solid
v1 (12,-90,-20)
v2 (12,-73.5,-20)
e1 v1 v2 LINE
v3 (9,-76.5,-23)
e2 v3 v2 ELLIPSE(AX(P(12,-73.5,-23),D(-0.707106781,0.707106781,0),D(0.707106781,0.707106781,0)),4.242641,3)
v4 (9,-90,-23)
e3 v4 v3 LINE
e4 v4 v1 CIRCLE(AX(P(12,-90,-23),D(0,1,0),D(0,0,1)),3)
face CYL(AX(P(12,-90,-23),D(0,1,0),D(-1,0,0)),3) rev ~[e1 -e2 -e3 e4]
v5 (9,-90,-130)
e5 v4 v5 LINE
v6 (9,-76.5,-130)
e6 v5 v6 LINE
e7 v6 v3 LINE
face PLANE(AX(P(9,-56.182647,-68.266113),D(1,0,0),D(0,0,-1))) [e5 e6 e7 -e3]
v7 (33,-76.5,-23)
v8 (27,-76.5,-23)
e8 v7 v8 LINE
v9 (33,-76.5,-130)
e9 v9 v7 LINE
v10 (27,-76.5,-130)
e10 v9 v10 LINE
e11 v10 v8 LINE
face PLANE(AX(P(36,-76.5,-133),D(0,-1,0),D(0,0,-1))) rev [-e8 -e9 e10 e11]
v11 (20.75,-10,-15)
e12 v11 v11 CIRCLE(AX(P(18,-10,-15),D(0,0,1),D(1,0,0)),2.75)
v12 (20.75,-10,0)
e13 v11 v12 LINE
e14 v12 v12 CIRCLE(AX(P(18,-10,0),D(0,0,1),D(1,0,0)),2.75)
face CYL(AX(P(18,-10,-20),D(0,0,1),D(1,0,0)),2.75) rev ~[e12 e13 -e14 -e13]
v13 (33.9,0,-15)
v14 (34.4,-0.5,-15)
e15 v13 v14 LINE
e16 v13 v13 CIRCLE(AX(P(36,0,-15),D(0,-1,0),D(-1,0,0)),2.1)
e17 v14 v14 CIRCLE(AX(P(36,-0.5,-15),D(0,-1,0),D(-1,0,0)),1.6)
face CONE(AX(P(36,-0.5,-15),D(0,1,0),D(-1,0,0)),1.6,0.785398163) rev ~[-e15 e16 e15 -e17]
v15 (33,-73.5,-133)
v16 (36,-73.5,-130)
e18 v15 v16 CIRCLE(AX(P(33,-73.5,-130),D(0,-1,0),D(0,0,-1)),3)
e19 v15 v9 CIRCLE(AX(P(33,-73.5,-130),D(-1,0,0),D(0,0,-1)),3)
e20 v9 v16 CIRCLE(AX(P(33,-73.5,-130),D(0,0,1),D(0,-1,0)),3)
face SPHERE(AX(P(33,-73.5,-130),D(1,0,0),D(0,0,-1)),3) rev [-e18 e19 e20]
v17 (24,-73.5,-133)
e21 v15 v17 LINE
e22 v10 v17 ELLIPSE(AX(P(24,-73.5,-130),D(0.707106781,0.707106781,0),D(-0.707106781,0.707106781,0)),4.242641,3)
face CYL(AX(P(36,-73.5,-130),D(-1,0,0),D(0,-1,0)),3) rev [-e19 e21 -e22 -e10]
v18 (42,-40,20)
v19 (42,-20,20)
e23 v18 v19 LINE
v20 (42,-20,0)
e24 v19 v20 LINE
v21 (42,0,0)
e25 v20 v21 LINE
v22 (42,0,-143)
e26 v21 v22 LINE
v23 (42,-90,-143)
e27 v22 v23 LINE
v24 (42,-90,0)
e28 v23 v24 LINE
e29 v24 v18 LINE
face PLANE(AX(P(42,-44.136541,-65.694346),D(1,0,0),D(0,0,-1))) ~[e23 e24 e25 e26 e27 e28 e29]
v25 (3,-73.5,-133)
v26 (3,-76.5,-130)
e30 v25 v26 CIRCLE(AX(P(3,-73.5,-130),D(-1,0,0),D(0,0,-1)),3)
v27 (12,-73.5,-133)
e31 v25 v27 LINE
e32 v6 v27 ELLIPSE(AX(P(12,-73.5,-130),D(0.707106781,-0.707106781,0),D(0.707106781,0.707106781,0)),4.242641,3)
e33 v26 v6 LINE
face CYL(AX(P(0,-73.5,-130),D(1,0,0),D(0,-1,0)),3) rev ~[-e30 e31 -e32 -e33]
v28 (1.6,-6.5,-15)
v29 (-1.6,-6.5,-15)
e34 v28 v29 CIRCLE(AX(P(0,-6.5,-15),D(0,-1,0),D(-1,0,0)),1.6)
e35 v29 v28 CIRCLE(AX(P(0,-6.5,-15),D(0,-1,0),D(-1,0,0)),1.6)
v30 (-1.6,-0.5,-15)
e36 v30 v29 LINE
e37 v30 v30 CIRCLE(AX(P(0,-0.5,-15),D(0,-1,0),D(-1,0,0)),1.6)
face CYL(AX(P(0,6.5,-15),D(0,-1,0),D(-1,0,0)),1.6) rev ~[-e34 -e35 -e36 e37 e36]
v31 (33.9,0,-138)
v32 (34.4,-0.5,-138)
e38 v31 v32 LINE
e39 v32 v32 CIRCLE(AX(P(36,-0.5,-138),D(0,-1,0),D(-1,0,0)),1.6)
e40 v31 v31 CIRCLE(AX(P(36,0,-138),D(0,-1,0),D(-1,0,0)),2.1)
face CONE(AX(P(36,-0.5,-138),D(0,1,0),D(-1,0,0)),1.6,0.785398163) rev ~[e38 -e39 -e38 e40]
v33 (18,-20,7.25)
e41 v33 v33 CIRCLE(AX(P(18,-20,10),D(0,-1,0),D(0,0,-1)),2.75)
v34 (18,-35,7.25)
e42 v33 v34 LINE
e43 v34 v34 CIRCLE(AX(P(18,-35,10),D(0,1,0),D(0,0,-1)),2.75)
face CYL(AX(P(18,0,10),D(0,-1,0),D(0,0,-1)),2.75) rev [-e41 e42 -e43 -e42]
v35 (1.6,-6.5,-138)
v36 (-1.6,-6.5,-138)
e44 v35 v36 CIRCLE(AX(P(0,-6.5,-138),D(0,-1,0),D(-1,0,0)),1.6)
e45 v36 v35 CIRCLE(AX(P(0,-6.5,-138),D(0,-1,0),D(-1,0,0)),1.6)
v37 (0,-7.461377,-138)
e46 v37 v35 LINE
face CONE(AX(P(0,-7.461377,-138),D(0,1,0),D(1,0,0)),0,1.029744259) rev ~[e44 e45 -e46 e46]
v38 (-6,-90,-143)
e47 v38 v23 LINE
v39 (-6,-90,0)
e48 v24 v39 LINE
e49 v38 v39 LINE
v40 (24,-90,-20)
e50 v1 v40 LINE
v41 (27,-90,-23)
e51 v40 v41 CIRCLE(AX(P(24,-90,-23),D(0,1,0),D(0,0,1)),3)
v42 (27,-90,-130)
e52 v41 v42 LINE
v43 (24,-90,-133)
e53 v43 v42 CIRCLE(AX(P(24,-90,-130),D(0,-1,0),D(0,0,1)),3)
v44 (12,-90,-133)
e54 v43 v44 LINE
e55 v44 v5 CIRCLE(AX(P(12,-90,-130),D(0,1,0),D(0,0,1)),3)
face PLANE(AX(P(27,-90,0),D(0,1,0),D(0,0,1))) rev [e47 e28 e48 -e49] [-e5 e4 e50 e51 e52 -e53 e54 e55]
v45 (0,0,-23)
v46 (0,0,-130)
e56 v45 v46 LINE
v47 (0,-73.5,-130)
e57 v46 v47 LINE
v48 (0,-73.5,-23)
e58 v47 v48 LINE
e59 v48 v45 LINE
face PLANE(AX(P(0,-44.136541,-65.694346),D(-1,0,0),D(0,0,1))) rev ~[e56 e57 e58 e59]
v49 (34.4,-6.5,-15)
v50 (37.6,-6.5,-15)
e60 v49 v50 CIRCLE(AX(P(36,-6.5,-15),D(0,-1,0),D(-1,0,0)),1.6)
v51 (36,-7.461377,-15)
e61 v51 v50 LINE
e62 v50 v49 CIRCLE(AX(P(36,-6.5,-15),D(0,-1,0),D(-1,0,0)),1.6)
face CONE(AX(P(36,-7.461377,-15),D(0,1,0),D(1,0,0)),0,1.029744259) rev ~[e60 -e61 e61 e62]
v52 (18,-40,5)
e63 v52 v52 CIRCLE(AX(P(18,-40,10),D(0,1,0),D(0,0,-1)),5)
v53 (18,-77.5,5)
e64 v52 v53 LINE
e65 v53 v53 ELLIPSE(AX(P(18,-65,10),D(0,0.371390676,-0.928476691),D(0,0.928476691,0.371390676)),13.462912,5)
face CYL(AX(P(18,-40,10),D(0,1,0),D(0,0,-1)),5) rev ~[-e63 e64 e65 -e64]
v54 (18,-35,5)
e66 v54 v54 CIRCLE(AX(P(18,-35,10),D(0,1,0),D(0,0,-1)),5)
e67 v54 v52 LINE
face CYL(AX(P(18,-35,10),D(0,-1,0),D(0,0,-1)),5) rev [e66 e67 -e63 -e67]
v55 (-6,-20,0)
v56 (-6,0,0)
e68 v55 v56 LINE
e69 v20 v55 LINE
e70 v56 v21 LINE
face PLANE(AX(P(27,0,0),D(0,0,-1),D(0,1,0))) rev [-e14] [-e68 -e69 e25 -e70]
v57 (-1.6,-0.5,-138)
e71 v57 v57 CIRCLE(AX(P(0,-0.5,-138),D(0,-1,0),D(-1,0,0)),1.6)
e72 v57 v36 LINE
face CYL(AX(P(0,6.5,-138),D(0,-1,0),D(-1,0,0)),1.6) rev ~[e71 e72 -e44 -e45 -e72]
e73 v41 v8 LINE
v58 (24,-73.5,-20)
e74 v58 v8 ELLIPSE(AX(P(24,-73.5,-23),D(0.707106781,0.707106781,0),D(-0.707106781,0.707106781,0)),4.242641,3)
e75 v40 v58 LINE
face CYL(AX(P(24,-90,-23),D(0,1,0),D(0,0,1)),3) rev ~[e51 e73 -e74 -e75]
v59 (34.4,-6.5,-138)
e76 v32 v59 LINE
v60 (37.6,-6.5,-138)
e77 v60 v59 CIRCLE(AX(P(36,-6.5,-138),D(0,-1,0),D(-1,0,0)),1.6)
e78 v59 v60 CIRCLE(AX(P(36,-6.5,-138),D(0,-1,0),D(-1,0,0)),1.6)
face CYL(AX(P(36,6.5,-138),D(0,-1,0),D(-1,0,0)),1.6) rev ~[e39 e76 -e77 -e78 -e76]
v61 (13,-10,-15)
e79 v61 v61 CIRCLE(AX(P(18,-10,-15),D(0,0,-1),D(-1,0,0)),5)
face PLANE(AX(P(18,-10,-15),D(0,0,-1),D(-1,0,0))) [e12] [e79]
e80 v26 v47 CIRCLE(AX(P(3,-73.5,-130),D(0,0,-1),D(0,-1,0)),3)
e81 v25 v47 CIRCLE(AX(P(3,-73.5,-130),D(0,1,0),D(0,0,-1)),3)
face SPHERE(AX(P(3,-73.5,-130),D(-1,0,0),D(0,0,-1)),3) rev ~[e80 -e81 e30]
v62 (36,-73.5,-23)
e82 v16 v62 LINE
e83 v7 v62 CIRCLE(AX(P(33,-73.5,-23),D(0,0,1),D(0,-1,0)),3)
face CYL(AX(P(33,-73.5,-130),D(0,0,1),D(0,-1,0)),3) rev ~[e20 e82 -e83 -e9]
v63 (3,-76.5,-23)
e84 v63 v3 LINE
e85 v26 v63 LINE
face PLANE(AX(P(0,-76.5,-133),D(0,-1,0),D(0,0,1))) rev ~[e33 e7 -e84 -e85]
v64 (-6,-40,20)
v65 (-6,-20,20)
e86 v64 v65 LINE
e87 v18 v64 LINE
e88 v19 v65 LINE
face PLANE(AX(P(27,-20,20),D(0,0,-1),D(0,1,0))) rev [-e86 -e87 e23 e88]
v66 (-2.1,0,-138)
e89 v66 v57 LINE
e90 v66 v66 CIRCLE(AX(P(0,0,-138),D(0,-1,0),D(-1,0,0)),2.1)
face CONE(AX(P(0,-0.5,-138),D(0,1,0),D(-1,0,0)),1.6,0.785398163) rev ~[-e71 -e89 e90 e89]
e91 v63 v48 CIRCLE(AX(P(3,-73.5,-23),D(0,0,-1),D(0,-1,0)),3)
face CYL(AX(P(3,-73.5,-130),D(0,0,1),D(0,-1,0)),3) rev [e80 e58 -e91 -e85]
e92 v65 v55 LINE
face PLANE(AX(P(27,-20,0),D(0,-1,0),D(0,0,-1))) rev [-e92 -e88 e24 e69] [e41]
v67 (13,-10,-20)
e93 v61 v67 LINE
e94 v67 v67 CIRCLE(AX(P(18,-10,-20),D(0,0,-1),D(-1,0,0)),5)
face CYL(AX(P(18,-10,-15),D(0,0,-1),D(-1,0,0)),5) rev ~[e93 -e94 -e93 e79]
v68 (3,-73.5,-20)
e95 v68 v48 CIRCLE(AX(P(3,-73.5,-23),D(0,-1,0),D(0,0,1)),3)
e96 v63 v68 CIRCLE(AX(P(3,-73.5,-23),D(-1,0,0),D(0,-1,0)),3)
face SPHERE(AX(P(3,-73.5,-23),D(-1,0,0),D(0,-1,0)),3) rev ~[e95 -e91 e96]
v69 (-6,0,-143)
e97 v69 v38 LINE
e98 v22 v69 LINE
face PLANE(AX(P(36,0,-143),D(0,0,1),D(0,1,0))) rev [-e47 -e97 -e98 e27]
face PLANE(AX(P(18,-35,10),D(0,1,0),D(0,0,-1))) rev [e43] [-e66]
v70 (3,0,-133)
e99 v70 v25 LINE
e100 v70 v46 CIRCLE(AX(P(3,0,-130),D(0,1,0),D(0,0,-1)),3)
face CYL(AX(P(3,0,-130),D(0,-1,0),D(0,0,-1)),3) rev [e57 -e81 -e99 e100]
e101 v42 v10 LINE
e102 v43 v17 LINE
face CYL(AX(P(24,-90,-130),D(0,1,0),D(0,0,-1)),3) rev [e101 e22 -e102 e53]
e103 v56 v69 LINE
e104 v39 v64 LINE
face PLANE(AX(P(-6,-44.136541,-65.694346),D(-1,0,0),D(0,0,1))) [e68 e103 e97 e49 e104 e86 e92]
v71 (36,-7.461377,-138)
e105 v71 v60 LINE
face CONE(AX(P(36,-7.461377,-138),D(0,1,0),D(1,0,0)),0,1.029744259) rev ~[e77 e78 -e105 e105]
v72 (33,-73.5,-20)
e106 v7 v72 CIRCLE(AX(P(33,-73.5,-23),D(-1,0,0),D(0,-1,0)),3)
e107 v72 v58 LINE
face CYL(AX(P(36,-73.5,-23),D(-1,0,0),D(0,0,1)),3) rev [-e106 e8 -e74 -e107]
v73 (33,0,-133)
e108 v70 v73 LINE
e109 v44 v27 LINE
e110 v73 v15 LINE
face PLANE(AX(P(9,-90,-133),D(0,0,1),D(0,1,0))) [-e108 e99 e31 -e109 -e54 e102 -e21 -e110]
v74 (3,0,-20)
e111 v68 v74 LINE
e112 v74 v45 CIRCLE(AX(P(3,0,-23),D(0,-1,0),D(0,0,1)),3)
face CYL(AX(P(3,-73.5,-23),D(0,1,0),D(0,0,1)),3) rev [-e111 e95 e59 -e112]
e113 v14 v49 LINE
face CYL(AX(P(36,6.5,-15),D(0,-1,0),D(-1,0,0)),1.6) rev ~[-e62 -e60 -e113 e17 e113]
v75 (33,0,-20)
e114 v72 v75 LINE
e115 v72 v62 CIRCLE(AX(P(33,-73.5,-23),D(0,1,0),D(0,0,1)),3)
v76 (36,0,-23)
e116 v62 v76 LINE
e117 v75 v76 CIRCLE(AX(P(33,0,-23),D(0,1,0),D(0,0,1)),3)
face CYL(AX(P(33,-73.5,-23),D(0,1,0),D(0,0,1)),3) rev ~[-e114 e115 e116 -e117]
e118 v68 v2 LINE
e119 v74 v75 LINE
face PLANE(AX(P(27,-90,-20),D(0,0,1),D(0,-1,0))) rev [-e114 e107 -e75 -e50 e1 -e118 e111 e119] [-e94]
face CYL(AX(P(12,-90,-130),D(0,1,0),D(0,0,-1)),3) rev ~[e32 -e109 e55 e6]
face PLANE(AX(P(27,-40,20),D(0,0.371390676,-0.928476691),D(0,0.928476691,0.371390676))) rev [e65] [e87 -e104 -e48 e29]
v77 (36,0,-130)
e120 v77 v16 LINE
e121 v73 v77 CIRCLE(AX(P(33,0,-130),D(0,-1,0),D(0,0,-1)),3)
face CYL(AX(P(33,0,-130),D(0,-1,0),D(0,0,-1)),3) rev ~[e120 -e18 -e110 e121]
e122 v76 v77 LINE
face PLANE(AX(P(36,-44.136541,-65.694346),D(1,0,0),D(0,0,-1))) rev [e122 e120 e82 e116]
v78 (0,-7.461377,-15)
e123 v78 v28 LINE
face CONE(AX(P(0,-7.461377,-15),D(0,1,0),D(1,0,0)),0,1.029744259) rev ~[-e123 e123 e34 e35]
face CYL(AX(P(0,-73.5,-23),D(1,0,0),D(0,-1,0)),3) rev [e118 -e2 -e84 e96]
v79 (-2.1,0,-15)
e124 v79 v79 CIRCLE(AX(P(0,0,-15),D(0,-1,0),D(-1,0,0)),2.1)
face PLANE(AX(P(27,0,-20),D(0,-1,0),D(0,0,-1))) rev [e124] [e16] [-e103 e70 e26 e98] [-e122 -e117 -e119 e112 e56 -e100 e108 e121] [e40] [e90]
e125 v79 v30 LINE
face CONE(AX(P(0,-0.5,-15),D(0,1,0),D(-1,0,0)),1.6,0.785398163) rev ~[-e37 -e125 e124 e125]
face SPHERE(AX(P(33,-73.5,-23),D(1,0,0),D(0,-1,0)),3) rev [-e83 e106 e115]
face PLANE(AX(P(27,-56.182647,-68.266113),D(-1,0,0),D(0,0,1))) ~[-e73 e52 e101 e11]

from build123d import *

# Parameters (mm, degrees)
BOSS_EXTRUDE1_DEPTH            = 9
BOSS_EXTRUDE2_DEPTH            = 6
SKETCH3_W                      = 10
SKETCH3_H                      = 90
BOSS_EXTRUDE3_DEPTH            = 9
FILLET1_R                      = 3
FILLET1_OF_MIRROR4_R           = 3
FILLET2_R                      = 3
F_2_5MM_DOWEL_HOLE1_D          = 3.2
F_2_5MM_DOWEL_HOLE1_DEPTH      = 6.5
F_2_5MM_DOWEL_HOLE1_TIP        = 0.96137699
CHAMFER1_SIZE                  = 0.5
SKETCH8_R                      = 5
CUT_EXTRUDE1_DEPTH             = 158.203689524
CBORE_FOR_M5_SHCS2_D           = 5.5
CBORE_FOR_M5_SHCS2_DEPTH       = 40
CBORE_FOR_M5_SHCS2_CBORE_D     = 10
CBORE_FOR_M5_SHCS2_CBORE_DEPTH = 5


with BuildPart() as part:
    # Sketch1 → Boss-Extrude1 (new body)
    with BuildSketch(Plane(origin=(0, 0, 0), x_dir=(0, 0, -1), z_dir=(1, 0, 0))):
        Polygon((0, 0), (0, -20), (-20, -20), (-20, -40), (0, -90), (143, -90), (143, 0), (133, 0), (133, -76.5), (20, -76.5), (20, 0), align=None)
    boss_extrude1 = extrude(amount=BOSS_EXTRUDE1_DEPTH)

    # Sketch2 → Boss-Extrude2 (add)
    with BuildSketch(Plane.ZY):
        Polygon((0, 0), (-143, 0), (-143, -90), (0, -90), (20, -40), (20, -20), (0, -20), align=None)
    boss_extrude2 = extrude(amount=BOSS_EXTRUDE2_DEPTH)

    # Sketch3 → Boss-Extrude3 (add)
    with BuildSketch(Plane(origin=(9, 0, 0), x_dir=(0, 0, -1), z_dir=(1, 0, 0))):
        Polygon((0, -90), (20, -90), (20, 0), (0, 0), (0, -20), (-20, -20), (-20, -40), align=None)
        with Locations((138, -45)):
            Rectangle(SKETCH3_W, SKETCH3_H)
    boss_extrude3 = extrude(amount=BOSS_EXTRUDE3_DEPTH)

    # Fillet1
    fillet1_edges = [part.edges().sort_by_distance(p)[0] for p in [
        (4.5, -76.5, -20),
        (4.5, -76.5, -133),
        (9, -83.25, -133),
        (9, -83.25, -20),
    ]]
    fillet(fillet1_edges, radius=FILLET1_R)

    # Mirror4: Boss-Extrude1, Boss-Extrude2, Boss-Extrude3 across plane
    add(boss_extrude1.mirror(Plane(origin=(18, 0, 0), x_dir=(0, 0, 1), z_dir=(1, 0, 0))))
    add(boss_extrude2.mirror(Plane(origin=(18, 0, 0), x_dir=(0, 0, 1), z_dir=(1, 0, 0))))
    add(boss_extrude3.mirror(Plane(origin=(18, 0, 0), x_dir=(0, 0, 1), z_dir=(1, 0, 0))))

    # Fillet1 of Mirror4
    fillet1_of_mirror4_edges = [part.edges().sort_by_distance(p)[0] for p in [
        (31.5, -76.5, -20),
        (31.5, -76.5, -133),
        (27, -83.25, -133),
        (27, -83.25, -20),
    ]]
    fillet(fillet1_of_mirror4_edges, radius=FILLET1_OF_MIRROR4_R)

    # Fillet2
    fillet2_edges = [part.edges().sort_by_distance(p)[0] for p in [
        (36, -76.5, -76.5),
        (36, -36.75, -20),
        (36, -36.75, -133),
        (36, -75.621320344, -20.878679656),
        (36, -75.621320344, -132.121320344),
        (0, -36.75, -133),
        (0, -36.75, -20),
        (0, -76.5, -76.5),
        (0, -75.621320344, -20.878679656),
        (0, -75.621320344, -132.121320344),
    ]]
    fillet(fillet2_edges, radius=FILLET2_R)

    # Ø2.5mm Dowel Hole1
    with Locations(Plane(origin=(0, 0, 0), x_dir=(1, 0, 0), z_dir=(0, 1, 0))):
        with Locations((36, 138), (0, 138), (0, 15), (36, 15)):
            Hole(F_2_5MM_DOWEL_HOLE1_D / 2, depth=F_2_5MM_DOWEL_HOLE1_DEPTH)
            with Locations((0, 0, -(F_2_5MM_DOWEL_HOLE1_DEPTH + F_2_5MM_DOWEL_HOLE1_TIP / 2))):  # 118° drill point
                Cone(0, F_2_5MM_DOWEL_HOLE1_D / 2, F_2_5MM_DOWEL_HOLE1_TIP, mode=Mode.SUBTRACT)

    # Chamfer1
    chamfer1_edges = [part.edges().sort_by_distance(p)[0] for p in [
        (37.6, 0, -138),
        (37.6, 0, -15),
        (1.6, 0, -15),
        (1.6, 0, -138),
    ]]
    chamfer(chamfer1_edges, length=CHAMFER1_SIZE)

    # Sketch7 → CBORE for M5 SHCS1 (revolve, cut)
    with BuildSketch(Plane(origin=(18, -40, 10), x_dir=(0, 0, -1), z_dir=(1, 0, 0))):
        Polygon((0, 0), (0, 40), (2.75, 40), (2.75, 5), (5, 5), (5, 0), align=None)
    revolve(axis=Axis((18, -46.35, 10), (0, 1, 0)), mode=Mode.SUBTRACT)

    # Sketch8 → Cut-Extrude1 (cut, through all)
    with BuildSketch(Plane(origin=(0, -40, 0), x_dir=(1, 0, 0), z_dir=(0, 1, 0))):
        with Locations(Location((18, -10, 0), (0, 0, 90))):
            Circle(SKETCH8_R)
    extrude(amount=-CUT_EXTRUDE1_DEPTH, mode=Mode.SUBTRACT)

    # CBORE for M5 SHCS2
    with Locations(Plane(origin=(0, 0, -20), x_dir=(-1, 0, 0), z_dir=(0, 0, -1))):
        with Locations((-18, -10)):
            CounterBoreHole(CBORE_FOR_M5_SHCS2_D / 2, CBORE_FOR_M5_SHCS2_CBORE_D / 2, CBORE_FOR_M5_SHCS2_CBORE_DEPTH, depth=CBORE_FOR_M5_SHCS2_DEPTH)


solid = part.part
